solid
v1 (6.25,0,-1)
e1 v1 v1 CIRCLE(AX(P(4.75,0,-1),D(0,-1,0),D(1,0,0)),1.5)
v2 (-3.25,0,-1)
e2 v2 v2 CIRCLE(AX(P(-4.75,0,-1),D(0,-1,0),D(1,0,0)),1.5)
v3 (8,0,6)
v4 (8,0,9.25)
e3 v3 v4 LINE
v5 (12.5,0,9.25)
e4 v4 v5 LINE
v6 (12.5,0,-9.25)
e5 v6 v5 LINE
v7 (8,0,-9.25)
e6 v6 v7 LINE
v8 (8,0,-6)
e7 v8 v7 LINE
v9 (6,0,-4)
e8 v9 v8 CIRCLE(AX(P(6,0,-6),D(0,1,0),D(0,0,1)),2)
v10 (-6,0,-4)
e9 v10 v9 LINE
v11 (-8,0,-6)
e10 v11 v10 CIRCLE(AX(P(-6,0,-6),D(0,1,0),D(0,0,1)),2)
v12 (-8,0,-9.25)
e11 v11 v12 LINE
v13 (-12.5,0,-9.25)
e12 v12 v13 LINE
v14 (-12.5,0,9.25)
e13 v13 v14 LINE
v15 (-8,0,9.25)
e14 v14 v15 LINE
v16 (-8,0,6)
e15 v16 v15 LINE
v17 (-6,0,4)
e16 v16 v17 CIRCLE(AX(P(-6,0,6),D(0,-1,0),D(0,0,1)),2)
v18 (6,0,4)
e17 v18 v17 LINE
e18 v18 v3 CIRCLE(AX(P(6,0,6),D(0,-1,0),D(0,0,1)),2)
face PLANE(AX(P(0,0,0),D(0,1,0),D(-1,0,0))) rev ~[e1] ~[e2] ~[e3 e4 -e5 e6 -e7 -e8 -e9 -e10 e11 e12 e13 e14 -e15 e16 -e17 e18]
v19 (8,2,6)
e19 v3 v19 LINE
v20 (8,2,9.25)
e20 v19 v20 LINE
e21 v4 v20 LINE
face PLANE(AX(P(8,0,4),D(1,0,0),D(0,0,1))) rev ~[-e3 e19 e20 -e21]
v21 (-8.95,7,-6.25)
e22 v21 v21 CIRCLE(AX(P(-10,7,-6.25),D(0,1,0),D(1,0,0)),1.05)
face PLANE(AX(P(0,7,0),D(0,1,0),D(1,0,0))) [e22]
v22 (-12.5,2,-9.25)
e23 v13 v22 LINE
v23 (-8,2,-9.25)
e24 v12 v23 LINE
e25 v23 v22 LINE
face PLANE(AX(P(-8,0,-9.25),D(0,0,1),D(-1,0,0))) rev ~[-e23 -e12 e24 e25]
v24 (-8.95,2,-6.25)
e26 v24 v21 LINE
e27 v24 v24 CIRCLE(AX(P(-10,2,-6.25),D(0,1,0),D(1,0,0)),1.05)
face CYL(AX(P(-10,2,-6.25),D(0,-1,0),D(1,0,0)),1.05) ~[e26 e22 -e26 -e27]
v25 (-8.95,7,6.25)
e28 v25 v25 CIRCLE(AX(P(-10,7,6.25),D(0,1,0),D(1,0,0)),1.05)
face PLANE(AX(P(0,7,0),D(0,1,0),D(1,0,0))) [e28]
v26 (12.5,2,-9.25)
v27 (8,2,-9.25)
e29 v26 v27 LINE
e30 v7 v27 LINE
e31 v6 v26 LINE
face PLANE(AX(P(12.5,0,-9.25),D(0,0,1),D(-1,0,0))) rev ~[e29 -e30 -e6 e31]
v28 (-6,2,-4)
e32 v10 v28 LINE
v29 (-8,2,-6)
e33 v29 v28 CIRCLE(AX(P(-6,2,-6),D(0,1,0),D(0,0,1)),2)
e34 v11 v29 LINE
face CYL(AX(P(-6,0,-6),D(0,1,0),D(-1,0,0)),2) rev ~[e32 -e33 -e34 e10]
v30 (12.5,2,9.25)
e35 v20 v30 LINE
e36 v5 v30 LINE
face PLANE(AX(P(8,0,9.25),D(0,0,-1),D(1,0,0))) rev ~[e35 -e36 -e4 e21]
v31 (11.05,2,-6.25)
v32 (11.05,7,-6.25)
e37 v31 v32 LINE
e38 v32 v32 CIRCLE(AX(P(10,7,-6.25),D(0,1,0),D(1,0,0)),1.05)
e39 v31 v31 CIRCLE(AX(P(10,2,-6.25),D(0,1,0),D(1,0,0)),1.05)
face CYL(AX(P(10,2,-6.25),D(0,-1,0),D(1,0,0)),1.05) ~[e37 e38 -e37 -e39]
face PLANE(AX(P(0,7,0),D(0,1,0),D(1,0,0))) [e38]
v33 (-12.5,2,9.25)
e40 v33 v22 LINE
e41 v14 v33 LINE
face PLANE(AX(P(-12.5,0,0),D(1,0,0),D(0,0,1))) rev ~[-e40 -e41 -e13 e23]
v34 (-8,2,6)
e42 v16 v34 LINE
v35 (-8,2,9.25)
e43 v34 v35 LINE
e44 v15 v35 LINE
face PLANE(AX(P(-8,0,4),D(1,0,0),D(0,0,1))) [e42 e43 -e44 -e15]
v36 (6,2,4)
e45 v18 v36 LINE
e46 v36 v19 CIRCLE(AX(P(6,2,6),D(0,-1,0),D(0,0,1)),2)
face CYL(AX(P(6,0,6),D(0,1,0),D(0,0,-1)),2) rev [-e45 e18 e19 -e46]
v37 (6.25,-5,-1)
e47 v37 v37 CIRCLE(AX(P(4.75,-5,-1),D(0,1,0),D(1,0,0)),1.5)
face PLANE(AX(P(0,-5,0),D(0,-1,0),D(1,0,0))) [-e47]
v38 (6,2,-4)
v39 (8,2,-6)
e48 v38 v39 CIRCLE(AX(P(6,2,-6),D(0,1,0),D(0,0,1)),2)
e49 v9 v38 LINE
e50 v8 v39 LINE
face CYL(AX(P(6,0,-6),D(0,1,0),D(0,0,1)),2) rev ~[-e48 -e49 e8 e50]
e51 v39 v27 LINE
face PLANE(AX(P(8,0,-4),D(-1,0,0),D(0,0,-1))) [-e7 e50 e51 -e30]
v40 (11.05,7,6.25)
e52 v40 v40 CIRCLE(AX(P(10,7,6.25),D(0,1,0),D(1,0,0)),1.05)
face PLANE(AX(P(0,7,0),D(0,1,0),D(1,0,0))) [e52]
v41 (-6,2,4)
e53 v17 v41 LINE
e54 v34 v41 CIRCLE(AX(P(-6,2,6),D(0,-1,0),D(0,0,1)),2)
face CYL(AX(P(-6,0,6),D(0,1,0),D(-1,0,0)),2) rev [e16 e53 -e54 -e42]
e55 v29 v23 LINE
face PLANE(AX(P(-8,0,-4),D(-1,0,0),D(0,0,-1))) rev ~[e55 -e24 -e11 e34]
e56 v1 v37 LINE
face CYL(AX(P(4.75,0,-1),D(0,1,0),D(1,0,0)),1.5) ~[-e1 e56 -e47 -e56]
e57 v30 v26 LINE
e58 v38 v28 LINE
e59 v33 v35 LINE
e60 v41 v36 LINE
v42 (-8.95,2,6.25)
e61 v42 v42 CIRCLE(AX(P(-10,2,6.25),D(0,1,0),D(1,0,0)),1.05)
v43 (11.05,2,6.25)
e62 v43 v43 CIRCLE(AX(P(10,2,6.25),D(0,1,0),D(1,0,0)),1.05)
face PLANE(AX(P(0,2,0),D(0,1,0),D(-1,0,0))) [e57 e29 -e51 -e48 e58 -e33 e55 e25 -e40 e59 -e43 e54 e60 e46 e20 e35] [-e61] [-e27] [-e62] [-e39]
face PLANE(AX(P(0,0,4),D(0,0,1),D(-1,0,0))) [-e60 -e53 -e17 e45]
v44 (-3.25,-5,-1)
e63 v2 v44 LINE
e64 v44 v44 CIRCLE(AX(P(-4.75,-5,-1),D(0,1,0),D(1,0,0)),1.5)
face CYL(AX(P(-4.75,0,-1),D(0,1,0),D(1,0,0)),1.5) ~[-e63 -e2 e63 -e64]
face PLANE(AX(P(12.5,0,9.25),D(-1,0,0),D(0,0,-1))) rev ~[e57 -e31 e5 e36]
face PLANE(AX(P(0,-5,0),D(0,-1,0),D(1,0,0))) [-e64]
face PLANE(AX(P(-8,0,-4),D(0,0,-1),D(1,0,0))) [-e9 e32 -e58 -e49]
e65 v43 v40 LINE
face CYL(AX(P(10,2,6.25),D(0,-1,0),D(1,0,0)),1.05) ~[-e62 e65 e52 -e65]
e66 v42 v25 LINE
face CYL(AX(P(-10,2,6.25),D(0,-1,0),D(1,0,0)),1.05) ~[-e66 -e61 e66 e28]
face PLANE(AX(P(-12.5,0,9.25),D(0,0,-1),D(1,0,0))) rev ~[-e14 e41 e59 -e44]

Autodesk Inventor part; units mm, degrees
ref_plane "YZ Plane" through (0, 0, 0) normal (1, 0, 0) x (0, 1, 0)
ref_plane "XZ Plane" through (0, 0, 0) normal (0, 1, 0) x (-1, 0, 0)
ref_plane "XY Plane" through (0, 0, 0) normal (0, 0, 1) x (1, 0, 0)
sketch "Sketch1" plane through (0, 0, 0) normal (0, 1, 0) x (-1, 0, 0)
  line L0 (12.5, 9.25) -> (-12.5, 9.25)
  line L1 (-12.5, 9.25) -> (-12.5, -9.25)
  line L2 (-12.5, -9.25) -> (12.5, -9.25)
  line L3 (12.5, -9.25) -> (12.5, 9.25)
  line L4 (12.5, 9.25) -> (-12.5, -9.25) construction
  line L5 (-12.5, 9.25) -> (12.5, -9.25) construction
  line L6 (8, -4) -> (-8, -4)
  line L7 (-8, 4) -> (8, 4)
  line L8 (-17.5, 0) -> (17.5, 0) projected
  line L9 (8, -4) -> (8, -9.25)
  line L10 (8, 4) -> (8, 9.25)
  line L11 (-8, -4) -> (-8, -9.25)
  line L12 (-8, 4) -> (-8, 9.25)
  line L13 (0, -12.95) -> (0, 12.95) projected
  point P0 (0, 0)
  dimension "d0" = 25
  dimension "d1" = 18.5
  dimension "d24" = 8
  dimension "d25" = 16
extrude "Extrusion1" add sketch "Sketch1" along normal blind 2 contours L3 L8 L13 L7 L10 L0 | L3 L2 L9 L6 L13 L8 | L13 L6 L11 L2 L1 L8 | L8 L1 L0 L12 L7 L13
sketch "Sketch2" plane through (0, 2, 0) normal (0, 1, 0) x (1, 0, 0)
  line L0 (17.5, 0) -> (-17.5, 0) projected
  line L1 (0, 12.95) -> (0, -12.95) projected
  line L2 (-10, -6.25) -> (10, -6.25) construction
  line L3 (10, -6.25) -> (10, 6.25) construction
  line L4 (10, 6.25) -> (-10, 6.25) construction
  line L5 (-10, 6.25) -> (-10, -6.25) construction
  line L6 (-10, -6.25) -> (10, 6.25) construction
  line L7 (10, -6.25) -> (-10, 6.25) construction
  line L8 (-10, 0) -> (10, 0) construction
  circle A0 centre (10, -6.25) radius 1.05
  circle A1 centre (10, 6.25) radius 1.05
  circle A2 centre (-10, 6.25) radius 1.05
  circle A3 centre (-10, -6.25) radius 1.05
  point P0 (0, 0)
  dimension "d5" = 20
  dimension "d6" = 12.5
  dimension "d10" = 2.1
extrude "Extrusion2" add sketch "Sketch2" along normal blind 5
sketch "Sketch5" plane through (0, 0, 0) normal (0, -1, 0) x (1, 0, 0)
  line L0 (0, 12.95) -> (0, -12.95) projected
  line L1 (-17.5, 0) -> (17.5, 0) projected
  circle A0 centre (-4.75, -1) radius 1.5
  circle A1 centre (4.75, -1) radius 1.5
  point P0 (0, 0)
  dimension "d26" = 3
  dimension "d27" = 3
  dimension "d28" = 1
  dimension "d29" = 9.5
extrude "Extrusion4" add sketch "Sketch5" along normal blind 5
fillet "Fillet1" radius 2 4 edges at (-8, 1, 4) (8, 1, 4) (8, 1, -4) (-8, 1, -4)
properties part number "IMU mount"
